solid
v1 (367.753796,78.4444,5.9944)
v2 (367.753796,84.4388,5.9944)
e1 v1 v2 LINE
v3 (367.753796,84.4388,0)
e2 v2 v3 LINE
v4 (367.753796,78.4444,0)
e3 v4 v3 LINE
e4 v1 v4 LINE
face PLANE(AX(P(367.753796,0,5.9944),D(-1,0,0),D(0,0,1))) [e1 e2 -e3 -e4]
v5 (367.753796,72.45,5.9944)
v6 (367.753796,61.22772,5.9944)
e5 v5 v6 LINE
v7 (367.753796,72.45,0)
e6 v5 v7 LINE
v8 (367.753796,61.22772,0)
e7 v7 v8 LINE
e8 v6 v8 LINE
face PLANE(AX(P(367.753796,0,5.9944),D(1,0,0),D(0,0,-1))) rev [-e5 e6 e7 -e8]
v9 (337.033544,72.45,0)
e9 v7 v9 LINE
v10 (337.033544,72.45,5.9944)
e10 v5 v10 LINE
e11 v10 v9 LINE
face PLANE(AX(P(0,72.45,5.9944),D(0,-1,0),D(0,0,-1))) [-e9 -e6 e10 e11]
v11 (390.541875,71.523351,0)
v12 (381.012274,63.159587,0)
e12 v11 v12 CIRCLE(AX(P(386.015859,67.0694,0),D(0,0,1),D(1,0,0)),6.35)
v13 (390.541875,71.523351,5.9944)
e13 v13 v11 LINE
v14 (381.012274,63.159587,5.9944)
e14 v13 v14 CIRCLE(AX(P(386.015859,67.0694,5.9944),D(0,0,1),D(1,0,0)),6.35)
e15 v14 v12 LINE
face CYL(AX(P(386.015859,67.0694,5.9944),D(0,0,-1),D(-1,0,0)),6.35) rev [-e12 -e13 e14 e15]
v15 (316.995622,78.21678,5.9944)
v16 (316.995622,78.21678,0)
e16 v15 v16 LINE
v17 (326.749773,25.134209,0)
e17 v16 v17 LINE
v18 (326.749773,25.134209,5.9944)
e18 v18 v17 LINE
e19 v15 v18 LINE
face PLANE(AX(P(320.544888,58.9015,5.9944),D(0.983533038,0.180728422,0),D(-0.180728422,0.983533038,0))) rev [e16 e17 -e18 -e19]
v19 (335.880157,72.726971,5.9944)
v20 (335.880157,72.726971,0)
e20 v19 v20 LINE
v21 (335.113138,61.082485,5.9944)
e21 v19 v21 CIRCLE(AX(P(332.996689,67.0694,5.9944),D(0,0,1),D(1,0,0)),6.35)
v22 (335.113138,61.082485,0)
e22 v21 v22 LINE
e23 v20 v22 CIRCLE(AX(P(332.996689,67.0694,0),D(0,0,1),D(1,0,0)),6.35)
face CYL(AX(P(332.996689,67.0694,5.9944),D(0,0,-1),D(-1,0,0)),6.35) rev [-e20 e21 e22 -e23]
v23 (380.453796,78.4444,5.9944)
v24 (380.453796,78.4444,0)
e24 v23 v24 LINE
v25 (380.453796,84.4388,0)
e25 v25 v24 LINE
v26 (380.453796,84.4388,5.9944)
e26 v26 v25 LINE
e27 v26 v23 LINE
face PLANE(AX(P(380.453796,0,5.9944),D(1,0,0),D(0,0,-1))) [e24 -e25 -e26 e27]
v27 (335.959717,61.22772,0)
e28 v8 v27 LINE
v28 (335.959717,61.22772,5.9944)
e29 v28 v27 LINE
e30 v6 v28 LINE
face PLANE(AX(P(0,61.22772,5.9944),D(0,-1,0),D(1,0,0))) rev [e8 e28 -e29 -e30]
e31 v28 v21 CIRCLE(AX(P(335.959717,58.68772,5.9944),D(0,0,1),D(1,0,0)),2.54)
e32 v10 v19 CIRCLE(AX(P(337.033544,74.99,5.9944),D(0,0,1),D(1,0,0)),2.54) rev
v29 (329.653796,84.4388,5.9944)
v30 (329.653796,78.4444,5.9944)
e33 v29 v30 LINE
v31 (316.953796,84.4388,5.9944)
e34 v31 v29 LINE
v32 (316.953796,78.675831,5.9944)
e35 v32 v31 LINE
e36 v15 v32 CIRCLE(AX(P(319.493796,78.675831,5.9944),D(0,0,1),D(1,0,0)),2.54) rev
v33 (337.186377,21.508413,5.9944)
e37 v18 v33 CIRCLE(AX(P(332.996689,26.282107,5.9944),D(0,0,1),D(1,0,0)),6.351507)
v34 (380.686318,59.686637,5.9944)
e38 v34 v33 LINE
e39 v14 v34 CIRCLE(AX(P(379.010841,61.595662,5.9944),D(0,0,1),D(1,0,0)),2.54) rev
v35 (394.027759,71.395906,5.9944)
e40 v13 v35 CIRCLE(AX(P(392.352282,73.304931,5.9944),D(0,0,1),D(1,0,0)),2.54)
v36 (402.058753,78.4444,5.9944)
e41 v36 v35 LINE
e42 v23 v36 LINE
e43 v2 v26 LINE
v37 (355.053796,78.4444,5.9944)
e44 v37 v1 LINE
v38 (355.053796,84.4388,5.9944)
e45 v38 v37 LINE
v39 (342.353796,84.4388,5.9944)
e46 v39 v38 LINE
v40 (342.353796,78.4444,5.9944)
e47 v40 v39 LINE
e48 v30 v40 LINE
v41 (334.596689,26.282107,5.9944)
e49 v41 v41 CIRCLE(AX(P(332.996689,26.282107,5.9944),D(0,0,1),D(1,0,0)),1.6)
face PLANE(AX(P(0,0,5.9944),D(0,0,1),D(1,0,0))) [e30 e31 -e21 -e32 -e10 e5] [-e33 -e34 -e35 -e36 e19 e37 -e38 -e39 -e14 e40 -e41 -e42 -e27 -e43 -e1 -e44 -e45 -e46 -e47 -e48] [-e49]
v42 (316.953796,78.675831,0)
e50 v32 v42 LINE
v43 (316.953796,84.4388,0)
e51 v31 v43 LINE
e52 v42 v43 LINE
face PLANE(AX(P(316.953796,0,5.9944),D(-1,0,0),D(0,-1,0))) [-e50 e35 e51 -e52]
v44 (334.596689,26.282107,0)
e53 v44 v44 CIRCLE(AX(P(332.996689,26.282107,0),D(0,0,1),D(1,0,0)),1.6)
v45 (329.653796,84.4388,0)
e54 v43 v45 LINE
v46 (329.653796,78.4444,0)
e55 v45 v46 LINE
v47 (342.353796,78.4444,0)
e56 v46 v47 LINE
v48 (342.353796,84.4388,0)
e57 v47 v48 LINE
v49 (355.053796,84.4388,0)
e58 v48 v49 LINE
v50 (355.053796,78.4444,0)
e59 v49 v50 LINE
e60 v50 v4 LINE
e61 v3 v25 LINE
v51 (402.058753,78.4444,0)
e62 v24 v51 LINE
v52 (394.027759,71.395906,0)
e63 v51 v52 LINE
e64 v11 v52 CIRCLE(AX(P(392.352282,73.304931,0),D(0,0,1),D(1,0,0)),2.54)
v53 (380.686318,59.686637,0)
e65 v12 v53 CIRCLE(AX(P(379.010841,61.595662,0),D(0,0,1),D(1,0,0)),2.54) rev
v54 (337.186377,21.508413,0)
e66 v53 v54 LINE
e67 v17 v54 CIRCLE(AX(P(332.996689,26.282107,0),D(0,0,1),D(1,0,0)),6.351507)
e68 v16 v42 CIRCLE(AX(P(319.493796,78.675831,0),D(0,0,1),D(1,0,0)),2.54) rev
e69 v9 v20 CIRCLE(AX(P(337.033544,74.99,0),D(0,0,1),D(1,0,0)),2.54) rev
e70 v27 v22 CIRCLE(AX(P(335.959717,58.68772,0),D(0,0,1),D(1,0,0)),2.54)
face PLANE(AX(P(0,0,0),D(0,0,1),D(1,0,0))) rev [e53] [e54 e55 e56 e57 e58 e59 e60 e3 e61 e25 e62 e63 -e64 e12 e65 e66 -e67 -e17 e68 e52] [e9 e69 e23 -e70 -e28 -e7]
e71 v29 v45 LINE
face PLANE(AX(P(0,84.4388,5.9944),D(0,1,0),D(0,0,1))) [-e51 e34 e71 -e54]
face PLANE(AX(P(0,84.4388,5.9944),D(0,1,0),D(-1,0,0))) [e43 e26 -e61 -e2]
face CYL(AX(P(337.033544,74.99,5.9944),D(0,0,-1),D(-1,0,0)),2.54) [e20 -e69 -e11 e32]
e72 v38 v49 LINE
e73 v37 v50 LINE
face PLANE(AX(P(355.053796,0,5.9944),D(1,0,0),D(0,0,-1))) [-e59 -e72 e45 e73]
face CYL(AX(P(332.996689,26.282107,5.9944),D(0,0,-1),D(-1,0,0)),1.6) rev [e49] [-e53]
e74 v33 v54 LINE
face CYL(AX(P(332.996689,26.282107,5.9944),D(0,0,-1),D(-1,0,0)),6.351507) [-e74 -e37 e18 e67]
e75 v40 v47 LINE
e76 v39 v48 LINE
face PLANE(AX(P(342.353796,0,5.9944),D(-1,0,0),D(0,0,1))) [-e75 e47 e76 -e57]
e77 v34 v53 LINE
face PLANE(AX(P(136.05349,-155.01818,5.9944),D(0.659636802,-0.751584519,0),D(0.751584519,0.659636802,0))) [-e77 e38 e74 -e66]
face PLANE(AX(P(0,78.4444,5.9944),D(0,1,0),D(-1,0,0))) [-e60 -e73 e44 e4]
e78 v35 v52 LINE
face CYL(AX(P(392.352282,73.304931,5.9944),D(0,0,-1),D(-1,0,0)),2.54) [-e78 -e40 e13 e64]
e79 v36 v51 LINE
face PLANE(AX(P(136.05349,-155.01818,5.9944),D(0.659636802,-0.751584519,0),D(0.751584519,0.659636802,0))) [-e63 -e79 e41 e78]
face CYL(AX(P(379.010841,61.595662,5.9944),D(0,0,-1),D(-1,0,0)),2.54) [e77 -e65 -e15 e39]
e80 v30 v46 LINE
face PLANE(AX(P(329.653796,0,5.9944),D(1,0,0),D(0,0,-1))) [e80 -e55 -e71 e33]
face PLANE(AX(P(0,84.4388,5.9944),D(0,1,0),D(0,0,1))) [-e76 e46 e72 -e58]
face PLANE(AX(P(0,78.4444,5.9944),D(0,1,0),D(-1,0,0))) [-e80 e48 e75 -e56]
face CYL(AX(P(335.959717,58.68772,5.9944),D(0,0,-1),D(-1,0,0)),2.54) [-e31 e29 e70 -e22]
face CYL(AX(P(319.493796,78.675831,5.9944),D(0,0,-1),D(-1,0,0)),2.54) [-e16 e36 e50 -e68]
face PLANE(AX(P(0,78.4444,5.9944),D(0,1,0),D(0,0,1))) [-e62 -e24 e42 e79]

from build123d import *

# Parameters (mm, degrees)
SKETCH1_R           = 1.6
BOSS_EXTRUDE1_DEPTH = 5.9944


with BuildPart() as part:
    # Sketch1 → Boss-Extrude1 (new body)
    with BuildSketch(Plane.XY):
        with BuildLine():
            Line((316.995622149, 78.216780382), (326.749772708, 25.13420903))
            ThreePointArc((326.749772708, 25.13420903), (330.912307442, 20.282357802), (337.186376688, 21.508412799))
            Line((337.186376688, 21.508412799), (380.686318009, 59.686636906))
            ThreePointArc((380.686318009, 59.686636906), (381.539726589, 61.358310991), (381.012274461, 63.159586846))
            ThreePointArc((381.012274461, 63.159586846), (381.827165591, 71.841961695), (390.541875435, 71.52335081))
            ThreePointArc((390.541875435, 71.52335081), (392.259481176, 70.76662697), (394.027759373, 71.395906456))
            Line((394.027759373, 71.395906456), (402.058752504, 78.4444))
            Line((402.058752504, 78.4444), (380.453796067, 78.4444))
            Line((380.453796067, 78.4444), (380.453796067, 84.4388))
            Line((380.453796067, 84.4388), (367.753796067, 84.4388))
            Line((367.753796067, 84.4388), (367.753796067, 78.4444))
            Line((367.753796067, 78.4444), (355.053796067, 78.4444))
            Line((355.053796067, 78.4444), (355.053796067, 84.4388))
            Line((355.053796067, 84.4388), (342.353796067, 84.4388))
            Line((342.353796067, 84.4388), (342.353796067, 78.4444))
            Line((342.353796067, 78.4444), (329.653796067, 78.4444))
            Line((329.653796067, 78.4444), (329.653796067, 84.4388))
            Line((329.653796067, 84.4388), (316.953796067, 84.4388))
            Line((316.953796067, 84.4388), (316.953796067, 78.675830573))
            ThreePointArc((316.953796067, 78.675830573), (316.9642742, 78.445354708), (316.995622149, 78.216780382))
        make_face()
        with Locations((332.996689228, 26.282106781)):
            Circle(SKETCH1_R, mode=Mode.SUBTRACT)
        with BuildLine():
            Line((339.346689286, 72.45), (337.033543957, 72.45))
            ThreePointArc((337.033543957, 72.45), (336.440455672, 72.520213312), (335.880156908, 72.726971429))
            ThreePointArc((335.880156908, 72.726971429), (326.660420383, 67.486768409), (335.113137596, 61.08248539))
            ThreePointArc((335.113137596, 61.08248539), (335.530243547, 61.19114772), (335.95971692, 61.227719546))
            Line((335.95971692, 61.227719546), (339.346689286, 61.227719546))
            Line((339.346689286, 61.227719546), (367.753796067, 61.227719546))
            Line((367.753796067, 61.227719546), (367.753796067, 72.45))
            Line((367.753796067, 72.45), (339.346689286, 72.45))
        make_face(mode=Mode.SUBTRACT)
    extrude(amount=BOSS_EXTRUDE1_DEPTH)


solid = part.part
